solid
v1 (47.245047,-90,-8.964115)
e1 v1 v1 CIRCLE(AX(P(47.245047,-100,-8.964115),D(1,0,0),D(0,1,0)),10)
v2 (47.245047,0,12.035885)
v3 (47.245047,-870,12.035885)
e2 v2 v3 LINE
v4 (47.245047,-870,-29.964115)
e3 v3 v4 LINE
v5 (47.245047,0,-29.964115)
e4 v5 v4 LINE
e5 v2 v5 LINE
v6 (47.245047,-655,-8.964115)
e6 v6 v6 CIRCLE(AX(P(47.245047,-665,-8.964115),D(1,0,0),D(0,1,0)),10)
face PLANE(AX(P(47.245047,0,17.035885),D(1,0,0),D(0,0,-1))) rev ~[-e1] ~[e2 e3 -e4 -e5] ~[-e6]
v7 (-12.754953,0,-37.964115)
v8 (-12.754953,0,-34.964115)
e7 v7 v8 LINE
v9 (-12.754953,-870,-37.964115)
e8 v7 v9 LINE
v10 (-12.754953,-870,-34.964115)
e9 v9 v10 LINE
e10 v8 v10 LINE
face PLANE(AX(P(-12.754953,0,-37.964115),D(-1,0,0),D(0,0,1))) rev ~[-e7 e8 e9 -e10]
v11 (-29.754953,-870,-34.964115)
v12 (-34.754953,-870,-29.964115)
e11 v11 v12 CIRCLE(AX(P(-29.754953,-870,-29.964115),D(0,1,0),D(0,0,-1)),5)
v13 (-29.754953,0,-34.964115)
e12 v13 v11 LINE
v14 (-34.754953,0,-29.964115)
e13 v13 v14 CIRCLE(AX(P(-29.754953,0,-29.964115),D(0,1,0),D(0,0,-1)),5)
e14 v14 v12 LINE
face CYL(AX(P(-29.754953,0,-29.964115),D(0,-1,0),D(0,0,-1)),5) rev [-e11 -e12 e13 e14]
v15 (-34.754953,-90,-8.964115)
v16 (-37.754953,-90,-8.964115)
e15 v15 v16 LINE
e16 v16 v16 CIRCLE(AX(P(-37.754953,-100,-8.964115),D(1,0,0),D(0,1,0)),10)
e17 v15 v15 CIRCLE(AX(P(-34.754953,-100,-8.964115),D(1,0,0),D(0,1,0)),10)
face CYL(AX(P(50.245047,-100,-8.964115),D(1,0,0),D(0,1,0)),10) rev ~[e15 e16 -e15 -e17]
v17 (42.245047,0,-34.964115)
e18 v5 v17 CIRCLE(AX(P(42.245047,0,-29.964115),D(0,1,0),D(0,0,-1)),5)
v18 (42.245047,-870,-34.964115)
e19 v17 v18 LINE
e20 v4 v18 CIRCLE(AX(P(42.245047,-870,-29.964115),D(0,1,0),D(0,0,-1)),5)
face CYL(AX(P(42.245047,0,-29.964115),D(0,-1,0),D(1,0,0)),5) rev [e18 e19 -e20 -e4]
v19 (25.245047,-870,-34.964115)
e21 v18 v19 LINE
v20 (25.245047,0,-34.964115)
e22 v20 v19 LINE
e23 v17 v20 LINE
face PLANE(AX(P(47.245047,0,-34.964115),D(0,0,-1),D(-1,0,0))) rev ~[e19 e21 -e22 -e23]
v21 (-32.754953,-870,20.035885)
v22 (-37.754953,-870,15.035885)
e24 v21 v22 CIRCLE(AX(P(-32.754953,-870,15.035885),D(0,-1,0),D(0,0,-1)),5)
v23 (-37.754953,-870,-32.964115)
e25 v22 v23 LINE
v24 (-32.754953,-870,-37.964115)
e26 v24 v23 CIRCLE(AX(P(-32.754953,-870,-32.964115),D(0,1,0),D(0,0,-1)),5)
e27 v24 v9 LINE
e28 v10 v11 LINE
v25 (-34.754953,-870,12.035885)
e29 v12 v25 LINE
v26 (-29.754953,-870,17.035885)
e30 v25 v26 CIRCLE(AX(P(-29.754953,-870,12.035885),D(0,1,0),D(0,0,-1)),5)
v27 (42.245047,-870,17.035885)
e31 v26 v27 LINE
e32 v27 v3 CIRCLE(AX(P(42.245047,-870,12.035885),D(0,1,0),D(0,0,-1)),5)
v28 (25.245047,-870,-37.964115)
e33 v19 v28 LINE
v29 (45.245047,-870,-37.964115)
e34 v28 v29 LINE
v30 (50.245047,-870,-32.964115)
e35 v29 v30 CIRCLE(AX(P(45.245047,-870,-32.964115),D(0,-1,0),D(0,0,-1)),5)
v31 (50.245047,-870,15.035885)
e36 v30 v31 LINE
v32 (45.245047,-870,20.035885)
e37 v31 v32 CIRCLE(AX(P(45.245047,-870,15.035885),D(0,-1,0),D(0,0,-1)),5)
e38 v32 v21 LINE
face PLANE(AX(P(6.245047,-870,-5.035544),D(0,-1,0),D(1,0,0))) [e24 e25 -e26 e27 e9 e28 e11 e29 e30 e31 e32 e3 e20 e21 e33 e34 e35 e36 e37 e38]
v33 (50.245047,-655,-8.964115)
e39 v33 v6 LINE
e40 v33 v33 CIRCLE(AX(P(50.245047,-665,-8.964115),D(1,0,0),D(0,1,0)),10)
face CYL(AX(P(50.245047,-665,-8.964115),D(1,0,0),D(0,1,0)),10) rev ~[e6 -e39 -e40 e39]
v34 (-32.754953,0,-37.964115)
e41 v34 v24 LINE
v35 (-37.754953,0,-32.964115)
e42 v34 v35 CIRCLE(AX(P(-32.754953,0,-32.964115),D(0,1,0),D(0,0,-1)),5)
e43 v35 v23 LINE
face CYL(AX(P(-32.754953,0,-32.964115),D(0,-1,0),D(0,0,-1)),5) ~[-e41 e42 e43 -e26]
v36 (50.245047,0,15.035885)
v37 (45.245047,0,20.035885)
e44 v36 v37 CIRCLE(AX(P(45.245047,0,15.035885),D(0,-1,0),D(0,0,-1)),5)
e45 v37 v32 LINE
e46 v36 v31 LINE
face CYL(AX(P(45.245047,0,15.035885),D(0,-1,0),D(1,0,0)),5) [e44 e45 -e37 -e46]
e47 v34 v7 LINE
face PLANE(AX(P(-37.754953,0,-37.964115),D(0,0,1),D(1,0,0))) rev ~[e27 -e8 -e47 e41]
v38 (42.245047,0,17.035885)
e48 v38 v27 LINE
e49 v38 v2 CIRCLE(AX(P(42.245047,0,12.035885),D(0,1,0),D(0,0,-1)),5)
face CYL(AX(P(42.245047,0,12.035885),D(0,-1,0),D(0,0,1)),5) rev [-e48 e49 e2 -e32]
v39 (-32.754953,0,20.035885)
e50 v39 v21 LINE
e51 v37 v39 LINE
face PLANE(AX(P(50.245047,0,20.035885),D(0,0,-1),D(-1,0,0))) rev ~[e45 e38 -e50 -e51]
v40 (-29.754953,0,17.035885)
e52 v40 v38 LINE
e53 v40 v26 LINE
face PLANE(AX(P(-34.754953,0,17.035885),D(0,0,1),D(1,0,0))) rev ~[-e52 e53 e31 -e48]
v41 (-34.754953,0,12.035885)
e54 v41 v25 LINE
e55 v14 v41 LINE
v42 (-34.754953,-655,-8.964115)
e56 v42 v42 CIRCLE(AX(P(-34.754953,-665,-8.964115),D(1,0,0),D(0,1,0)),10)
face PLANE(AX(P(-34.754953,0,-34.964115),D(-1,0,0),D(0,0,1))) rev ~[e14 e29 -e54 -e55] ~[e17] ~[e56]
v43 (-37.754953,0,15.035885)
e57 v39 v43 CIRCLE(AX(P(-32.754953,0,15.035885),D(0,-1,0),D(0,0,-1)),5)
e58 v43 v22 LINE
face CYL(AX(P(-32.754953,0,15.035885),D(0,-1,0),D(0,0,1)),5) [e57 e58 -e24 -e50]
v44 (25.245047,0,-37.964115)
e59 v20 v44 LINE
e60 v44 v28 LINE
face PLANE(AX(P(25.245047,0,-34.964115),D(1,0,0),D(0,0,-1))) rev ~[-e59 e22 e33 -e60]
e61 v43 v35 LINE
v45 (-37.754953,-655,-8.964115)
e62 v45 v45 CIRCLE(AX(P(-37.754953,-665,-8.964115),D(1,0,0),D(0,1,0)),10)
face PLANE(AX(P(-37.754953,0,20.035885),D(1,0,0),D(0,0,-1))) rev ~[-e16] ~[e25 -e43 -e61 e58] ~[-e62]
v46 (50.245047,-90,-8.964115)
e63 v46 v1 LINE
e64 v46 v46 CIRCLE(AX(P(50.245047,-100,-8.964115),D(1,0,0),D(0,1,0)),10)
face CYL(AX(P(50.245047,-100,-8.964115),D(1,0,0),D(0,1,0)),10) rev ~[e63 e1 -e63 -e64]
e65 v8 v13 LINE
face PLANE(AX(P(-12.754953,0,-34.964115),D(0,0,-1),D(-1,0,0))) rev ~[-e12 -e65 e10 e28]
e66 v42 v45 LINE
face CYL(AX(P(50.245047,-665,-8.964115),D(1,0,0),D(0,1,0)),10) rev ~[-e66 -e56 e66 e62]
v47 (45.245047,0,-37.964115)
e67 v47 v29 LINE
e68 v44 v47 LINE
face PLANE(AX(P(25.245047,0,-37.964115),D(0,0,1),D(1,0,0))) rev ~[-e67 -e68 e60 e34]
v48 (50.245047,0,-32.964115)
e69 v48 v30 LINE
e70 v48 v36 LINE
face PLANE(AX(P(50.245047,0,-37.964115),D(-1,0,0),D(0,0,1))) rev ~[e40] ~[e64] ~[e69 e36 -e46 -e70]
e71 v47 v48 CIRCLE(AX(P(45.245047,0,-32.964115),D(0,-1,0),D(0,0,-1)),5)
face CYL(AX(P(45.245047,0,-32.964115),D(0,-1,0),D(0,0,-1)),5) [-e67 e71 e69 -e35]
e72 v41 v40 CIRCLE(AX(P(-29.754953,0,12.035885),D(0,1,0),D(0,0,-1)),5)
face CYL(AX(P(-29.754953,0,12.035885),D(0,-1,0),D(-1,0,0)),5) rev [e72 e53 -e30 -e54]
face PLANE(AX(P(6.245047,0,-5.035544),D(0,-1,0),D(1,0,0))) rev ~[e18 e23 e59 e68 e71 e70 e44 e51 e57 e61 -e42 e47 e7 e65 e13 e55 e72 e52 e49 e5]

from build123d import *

# Parameters (mm, degrees)
F1_DEPTH = 870
F2_R     = 5
F3_R     = 5
F4_R     = 10
F5_DEPTH = 88.001


with BuildPart() as f1:
    # F0 (on Front) → F1 (new body)
    with BuildSketch(Plane.XZ):
        Polygon((-37.754953, -37.964115), (-12.754953, -37.964115), (-12.754953, -34.964115), (-34.754953, -34.964115), (-34.754953, 17.035885), (47.245047, 17.035885), (47.245047, -34.964115), (25.245047, -34.964115), (25.245047, -37.964115), (50.245047, -37.964115), (50.245047, 20.035885), (-37.754953, 20.035885), align=None)
    extrude(amount=F1_DEPTH)

    # F2
    f2_edges = [f1.edges().sort_by_distance(p)[0] for p in [
        (-37.754953, -435, 20.035885),
        (50.245047, -435, 20.035885),
        (-37.754953, -435, -37.964115),
        (50.245047, -435, -37.964115),
    ]]
    fillet(f2_edges, radius=F2_R)

    # F3
    f3_edges = [f1.edges().sort_by_distance(p)[0] for p in [
        (47.245047, -435, -34.964115),
        (47.245047, -435, 17.035885),
        (-34.754953, -435, -34.964115),
        (-34.754953, -435, 17.035885),
    ]]
    fillet(f3_edges, radius=F3_R)

    # F4 (on face) → F5 (cut, through all)
    with BuildSketch(Plane.YZ.offset(50.245047)):
        with Locations((-665, -8.964115)):
            Circle(F4_R)
        with Locations((-100, -8.964115)):
            Circle(F4_R)
    extrude(amount=-F5_DEPTH, mode=Mode.SUBTRACT)


solid = f1.part
